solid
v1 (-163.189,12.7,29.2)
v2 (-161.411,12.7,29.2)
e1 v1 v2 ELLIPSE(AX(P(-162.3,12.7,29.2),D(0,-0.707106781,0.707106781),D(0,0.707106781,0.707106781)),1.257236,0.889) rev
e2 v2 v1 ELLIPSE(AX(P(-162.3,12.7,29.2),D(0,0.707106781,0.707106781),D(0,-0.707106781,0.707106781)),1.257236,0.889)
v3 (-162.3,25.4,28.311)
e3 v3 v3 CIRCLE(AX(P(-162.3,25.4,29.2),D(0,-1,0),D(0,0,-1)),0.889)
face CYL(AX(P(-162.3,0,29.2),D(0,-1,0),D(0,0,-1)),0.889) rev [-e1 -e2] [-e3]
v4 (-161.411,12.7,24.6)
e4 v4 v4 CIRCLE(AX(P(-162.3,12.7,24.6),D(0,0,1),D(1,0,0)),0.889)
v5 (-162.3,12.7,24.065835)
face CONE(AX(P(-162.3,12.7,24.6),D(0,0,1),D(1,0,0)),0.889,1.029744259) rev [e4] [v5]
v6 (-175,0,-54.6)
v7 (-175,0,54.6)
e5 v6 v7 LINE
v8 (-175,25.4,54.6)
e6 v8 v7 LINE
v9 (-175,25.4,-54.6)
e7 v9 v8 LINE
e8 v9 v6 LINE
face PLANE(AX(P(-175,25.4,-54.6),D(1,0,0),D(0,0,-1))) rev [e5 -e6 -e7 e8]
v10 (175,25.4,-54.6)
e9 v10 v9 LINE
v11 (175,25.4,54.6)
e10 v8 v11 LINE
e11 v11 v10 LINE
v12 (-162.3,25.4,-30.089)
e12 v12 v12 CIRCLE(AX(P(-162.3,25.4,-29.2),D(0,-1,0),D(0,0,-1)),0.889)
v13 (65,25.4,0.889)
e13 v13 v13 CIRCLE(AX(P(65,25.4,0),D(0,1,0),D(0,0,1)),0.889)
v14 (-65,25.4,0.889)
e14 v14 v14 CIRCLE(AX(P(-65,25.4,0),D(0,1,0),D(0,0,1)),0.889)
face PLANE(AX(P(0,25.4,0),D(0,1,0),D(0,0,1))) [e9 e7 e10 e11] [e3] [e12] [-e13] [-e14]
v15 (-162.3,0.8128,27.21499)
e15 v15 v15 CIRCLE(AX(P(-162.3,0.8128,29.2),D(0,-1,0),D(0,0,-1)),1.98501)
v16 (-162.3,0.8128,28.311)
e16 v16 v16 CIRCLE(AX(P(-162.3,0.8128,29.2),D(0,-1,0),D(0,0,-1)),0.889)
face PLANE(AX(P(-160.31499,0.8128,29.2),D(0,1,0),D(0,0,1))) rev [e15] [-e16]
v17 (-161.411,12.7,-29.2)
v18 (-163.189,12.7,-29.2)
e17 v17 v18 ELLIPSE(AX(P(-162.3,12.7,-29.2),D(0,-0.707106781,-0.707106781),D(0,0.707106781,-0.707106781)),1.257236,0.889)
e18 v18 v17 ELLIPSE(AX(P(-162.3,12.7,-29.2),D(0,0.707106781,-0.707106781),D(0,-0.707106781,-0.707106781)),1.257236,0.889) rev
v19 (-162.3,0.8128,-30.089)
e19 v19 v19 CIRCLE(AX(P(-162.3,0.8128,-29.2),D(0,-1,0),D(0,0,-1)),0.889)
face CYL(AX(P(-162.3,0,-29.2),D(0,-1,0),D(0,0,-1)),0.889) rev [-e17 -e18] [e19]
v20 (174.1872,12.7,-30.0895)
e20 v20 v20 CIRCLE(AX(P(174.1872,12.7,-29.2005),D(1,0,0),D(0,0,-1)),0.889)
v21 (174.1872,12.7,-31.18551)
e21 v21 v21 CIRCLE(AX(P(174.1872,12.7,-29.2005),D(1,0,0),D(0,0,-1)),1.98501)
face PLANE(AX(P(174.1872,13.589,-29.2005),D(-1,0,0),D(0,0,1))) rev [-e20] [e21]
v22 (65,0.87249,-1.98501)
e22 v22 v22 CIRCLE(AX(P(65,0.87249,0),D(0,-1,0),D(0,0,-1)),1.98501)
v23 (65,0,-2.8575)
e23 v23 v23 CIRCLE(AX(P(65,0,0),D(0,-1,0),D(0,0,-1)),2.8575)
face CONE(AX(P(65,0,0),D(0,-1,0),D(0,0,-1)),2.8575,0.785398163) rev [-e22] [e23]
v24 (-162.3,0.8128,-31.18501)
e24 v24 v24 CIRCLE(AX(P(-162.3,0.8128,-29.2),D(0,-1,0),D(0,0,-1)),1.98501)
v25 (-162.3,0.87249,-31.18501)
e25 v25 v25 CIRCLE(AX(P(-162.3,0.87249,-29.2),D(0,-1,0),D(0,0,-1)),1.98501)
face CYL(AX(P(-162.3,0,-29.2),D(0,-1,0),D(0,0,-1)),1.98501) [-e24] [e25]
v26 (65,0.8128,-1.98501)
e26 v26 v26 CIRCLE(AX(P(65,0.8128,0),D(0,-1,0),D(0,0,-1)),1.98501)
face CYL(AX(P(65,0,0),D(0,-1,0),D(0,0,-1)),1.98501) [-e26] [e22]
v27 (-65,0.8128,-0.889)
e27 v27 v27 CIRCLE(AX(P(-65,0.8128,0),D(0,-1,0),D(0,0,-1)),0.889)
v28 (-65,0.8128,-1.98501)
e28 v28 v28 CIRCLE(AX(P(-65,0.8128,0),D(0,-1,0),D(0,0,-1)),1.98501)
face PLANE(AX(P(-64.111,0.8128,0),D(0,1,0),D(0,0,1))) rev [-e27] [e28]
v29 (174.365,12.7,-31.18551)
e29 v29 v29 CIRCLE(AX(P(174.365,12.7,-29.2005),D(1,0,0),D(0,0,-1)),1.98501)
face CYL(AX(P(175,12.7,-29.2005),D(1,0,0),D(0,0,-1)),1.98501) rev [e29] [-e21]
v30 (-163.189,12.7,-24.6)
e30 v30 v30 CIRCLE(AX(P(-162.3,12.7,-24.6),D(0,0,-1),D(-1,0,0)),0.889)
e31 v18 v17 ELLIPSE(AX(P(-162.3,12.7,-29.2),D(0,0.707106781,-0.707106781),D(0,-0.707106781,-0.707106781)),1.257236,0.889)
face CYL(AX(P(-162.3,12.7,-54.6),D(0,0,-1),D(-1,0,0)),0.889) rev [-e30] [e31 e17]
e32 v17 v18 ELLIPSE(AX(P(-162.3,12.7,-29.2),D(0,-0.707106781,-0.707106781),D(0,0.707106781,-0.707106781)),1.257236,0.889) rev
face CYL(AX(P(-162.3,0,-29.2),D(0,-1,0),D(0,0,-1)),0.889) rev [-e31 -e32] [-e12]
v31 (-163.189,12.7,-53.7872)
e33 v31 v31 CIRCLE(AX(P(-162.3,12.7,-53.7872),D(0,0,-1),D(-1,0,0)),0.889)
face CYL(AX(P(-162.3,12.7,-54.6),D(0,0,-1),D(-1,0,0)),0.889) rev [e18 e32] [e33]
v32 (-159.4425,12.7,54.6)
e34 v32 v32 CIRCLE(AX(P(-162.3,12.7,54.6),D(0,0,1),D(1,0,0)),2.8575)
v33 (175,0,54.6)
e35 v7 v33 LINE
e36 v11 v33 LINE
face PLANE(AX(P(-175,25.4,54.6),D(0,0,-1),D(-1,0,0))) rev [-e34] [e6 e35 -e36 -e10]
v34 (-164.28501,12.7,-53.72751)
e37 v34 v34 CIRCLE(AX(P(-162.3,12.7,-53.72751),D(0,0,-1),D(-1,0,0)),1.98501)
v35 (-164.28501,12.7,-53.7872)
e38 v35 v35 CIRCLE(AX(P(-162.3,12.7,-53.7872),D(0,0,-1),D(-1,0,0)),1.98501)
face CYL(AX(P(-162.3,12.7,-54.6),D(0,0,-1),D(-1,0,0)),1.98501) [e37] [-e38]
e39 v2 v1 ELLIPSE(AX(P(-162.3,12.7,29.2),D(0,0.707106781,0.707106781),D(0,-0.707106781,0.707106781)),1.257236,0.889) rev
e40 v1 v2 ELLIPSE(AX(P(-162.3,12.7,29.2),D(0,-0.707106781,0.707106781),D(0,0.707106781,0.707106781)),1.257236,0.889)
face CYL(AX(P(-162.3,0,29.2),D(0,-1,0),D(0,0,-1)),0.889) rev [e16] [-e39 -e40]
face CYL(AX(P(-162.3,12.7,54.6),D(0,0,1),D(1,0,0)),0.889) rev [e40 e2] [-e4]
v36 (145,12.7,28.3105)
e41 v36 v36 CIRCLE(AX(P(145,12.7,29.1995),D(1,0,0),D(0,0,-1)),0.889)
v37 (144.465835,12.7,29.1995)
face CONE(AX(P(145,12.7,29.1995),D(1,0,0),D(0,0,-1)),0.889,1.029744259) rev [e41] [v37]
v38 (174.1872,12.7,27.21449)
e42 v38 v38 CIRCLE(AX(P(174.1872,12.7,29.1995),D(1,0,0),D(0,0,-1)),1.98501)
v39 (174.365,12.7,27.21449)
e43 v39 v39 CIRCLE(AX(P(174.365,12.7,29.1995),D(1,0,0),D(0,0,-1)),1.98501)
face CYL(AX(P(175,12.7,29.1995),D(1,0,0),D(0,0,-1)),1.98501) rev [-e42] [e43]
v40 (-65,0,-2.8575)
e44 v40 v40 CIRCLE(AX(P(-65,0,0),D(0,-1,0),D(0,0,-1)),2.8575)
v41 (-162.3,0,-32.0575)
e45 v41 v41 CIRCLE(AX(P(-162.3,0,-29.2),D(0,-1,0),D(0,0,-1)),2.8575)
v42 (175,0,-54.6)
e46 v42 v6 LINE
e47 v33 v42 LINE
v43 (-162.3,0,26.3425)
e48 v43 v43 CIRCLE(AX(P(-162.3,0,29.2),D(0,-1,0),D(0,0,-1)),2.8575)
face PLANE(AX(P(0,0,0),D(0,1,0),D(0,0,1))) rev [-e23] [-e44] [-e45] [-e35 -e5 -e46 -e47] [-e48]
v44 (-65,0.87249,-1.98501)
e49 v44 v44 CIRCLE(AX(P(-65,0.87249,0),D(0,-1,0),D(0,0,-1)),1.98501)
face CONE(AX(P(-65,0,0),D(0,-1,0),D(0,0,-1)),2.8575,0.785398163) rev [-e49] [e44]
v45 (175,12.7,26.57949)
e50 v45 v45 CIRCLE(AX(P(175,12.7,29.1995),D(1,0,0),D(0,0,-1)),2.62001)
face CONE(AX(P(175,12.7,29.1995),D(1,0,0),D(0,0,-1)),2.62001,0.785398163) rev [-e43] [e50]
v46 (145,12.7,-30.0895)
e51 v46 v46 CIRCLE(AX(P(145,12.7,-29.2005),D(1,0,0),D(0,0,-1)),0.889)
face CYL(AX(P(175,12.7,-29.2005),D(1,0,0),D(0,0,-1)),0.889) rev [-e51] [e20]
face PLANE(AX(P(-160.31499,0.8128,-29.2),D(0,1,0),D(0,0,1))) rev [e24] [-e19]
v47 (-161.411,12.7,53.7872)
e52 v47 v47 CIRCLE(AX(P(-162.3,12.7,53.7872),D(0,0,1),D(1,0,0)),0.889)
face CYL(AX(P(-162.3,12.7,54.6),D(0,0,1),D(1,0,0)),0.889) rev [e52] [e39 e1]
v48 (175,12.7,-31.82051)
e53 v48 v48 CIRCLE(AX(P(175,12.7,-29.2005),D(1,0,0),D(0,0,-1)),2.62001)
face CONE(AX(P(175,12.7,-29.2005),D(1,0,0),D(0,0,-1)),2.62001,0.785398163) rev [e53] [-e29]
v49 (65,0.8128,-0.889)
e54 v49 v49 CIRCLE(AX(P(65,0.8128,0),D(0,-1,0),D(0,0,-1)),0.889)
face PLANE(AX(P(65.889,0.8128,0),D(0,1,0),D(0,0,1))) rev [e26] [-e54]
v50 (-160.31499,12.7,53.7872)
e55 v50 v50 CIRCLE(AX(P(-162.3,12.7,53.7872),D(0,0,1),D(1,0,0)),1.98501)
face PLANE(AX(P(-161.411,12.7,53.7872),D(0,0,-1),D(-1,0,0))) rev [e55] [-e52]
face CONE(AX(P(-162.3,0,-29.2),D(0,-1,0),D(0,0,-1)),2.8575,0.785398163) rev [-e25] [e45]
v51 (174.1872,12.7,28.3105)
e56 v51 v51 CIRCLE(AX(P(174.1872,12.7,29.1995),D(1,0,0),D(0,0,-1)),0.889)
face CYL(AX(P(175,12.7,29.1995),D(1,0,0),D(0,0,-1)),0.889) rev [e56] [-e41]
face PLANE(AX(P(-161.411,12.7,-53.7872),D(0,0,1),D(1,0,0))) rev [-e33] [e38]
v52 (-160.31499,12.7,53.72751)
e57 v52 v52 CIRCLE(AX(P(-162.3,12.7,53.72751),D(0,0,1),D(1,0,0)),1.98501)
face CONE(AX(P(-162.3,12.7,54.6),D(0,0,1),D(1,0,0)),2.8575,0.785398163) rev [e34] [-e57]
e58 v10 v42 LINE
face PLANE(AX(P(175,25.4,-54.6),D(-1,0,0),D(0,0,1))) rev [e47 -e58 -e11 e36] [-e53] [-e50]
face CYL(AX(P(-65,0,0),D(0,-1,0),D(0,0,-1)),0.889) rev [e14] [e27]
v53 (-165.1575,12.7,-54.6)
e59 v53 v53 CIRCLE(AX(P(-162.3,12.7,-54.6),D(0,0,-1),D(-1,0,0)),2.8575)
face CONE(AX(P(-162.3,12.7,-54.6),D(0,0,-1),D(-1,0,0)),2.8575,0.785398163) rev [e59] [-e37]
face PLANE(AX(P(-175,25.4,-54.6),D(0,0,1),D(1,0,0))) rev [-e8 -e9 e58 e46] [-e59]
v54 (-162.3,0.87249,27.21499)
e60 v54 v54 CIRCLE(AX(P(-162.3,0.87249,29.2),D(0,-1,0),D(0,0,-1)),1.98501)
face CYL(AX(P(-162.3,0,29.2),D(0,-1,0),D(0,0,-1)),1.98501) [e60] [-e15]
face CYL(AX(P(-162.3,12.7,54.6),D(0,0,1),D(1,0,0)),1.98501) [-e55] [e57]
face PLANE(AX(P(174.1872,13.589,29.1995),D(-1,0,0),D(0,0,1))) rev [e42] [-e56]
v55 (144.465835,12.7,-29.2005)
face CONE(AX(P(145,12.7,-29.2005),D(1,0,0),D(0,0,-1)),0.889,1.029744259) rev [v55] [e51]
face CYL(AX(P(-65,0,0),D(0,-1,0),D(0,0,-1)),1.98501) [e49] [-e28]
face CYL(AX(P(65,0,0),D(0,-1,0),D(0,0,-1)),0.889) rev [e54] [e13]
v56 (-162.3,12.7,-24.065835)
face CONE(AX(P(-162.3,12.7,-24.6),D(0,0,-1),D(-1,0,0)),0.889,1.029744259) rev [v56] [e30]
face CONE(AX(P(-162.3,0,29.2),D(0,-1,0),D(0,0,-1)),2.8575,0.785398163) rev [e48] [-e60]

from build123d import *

# Parameters (mm, degrees)
SKETCH1_W                                   = 350
SKETCH1_H                                   = 109.2
BOSS_EXTRUDE1_DEPTH                         = 25.4
CBORE_FOR_0_BINDING_HEAD_MACHINE_SC_2_COUNT = 2
CBORE_FOR_0_BINDING_HEAD_MACHINE_SC_2_PITCH = 58.4
CBORE_FOR_0_BINDING_HEAD_MACHINE_SC_3_COUNT = 2
CBORE_FOR_0_BINDING_HEAD_MACHINE_SC_3_PITCH = 130
CBORE_FOR_0_BINDING_HEAD_MACHINE_SC_4_COUNT = 2
CBORE_FOR_0_BINDING_HEAD_MACHINE_SC_4_PITCH = 58.4


with BuildPart() as part:
    # Sketch1 → Boss-Extrude1 (new body)
    with BuildSketch(Plane(origin=(0, 0, 0), x_dir=(1, 0, 0), z_dir=(0, 1, 0))):
        Rectangle(SKETCH1_W, SKETCH1_H)
    extrude(amount=BOSS_EXTRUDE1_DEPTH)

    # Sketch3 → CBORE for #0 Binding Head Machine Screw1 (revolve, cut)
    with BuildSketch(Plane(origin=(-162.3, 12.7, 54.6), x_dir=(0, -1, 0), z_dir=(1, 0, 0))):
        Polygon((0, 0), (0, 30.53416509), (0.889, 30), (0.889, 0.8128), (1.98501, 0.8128), (1.98501, 0.87249), (2.8575, 0), align=None)
    cbore_for_0_binding_head_machine_screw1 = revolve(axis=Axis((-162.3, 12.7, 60.95), (0, 0, -1)), mode=Mode.SUBTRACT)

    # Mirror1: CBORE for #0 Binding Head Machine Screw1 across plane
    add(cbore_for_0_binding_head_machine_screw1.mirror(Plane.XY), mode=Mode.SUBTRACT)

    # Sketch5 → CBORE for #0 Binding Head Machine Screw2 (revolve, cut)
    with BuildSketch(Plane(origin=(175, 12.7, 29.1995), x_dir=(0, 0, -1), z_dir=(0, 1, 0))):
        Polygon((0, 0), (0, 30.53416509), (0.889, 30), (0.889, 0.8128), (1.98501, 0.8128), (1.98501, 0.635), (2.62001, 0), align=None)
    cbore_for_0_binding_head_machine_screw2 = revolve(axis=Axis((181.35, 12.7, 29.1995), (-1, 0, 0)), mode=Mode.SUBTRACT)

    # CBORE for _0 Binding Head Machine Sc 2: CBORE for #0 Binding Head Machine Screw2 ×2
    with Locations(*[(0, 0, -i * CBORE_FOR_0_BINDING_HEAD_MACHINE_SC_2_PITCH) for i in range(1, CBORE_FOR_0_BINDING_HEAD_MACHINE_SC_2_COUNT)]):
        add(cbore_for_0_binding_head_machine_screw2, mode=Mode.SUBTRACT)

    # Sketch9 → CBORE for #0 Binding Head Machine Screw4 (revolve, cut)
    with BuildSketch(Plane(origin=(-65, 0, 0), x_dir=(0, 0, -1), z_dir=(1, 0, 0))):
        Polygon((0, 0), (0, 30.53416509), (0.889, 30), (0.889, 0.8128), (1.98501, 0.8128), (1.98501, 0.87249), (2.8575, 0), align=None)
    cbore_for_0_binding_head_machine_screw4 = revolve(axis=Axis((-65, -6.35, 0), (0, 1, 0)), mode=Mode.SUBTRACT)

    # CBORE for _0 Binding Head Machine Sc 3: CBORE for #0 Binding Head Machine Screw4 ×2
    with Locations(*[(i * CBORE_FOR_0_BINDING_HEAD_MACHINE_SC_3_PITCH, 0, 0) for i in range(1, CBORE_FOR_0_BINDING_HEAD_MACHINE_SC_3_COUNT)]):
        add(cbore_for_0_binding_head_machine_screw4, mode=Mode.SUBTRACT)

    # Sketch13 → CBORE for #0 Binding Head Machine Screw6 (revolve, cut)
    with BuildSketch(Plane(origin=(-162.3, 0, -29.2), x_dir=(0, 0, -1), z_dir=(1, 0, 0))):
        Polygon((0, 0), (0, 25.4), (0.889, 25.4), (0.889, 0.8128), (1.98501, 0.8128), (1.98501, 0.87249), (2.8575, 0), align=None)
    cbore_for_0_binding_head_machine_screw6 = revolve(axis=Axis((-162.3, -6.35, -29.2), (0, 1, 0)), mode=Mode.SUBTRACT)

    # CBORE for _0 Binding Head Machine Sc 4: CBORE for #0 Binding Head Machine Screw6 ×2
    with Locations(*[(0, 0, i * CBORE_FOR_0_BINDING_HEAD_MACHINE_SC_4_PITCH) for i in range(1, CBORE_FOR_0_BINDING_HEAD_MACHINE_SC_4_COUNT)]):
        add(cbore_for_0_binding_head_machine_screw6, mode=Mode.SUBTRACT)


solid = part.part
